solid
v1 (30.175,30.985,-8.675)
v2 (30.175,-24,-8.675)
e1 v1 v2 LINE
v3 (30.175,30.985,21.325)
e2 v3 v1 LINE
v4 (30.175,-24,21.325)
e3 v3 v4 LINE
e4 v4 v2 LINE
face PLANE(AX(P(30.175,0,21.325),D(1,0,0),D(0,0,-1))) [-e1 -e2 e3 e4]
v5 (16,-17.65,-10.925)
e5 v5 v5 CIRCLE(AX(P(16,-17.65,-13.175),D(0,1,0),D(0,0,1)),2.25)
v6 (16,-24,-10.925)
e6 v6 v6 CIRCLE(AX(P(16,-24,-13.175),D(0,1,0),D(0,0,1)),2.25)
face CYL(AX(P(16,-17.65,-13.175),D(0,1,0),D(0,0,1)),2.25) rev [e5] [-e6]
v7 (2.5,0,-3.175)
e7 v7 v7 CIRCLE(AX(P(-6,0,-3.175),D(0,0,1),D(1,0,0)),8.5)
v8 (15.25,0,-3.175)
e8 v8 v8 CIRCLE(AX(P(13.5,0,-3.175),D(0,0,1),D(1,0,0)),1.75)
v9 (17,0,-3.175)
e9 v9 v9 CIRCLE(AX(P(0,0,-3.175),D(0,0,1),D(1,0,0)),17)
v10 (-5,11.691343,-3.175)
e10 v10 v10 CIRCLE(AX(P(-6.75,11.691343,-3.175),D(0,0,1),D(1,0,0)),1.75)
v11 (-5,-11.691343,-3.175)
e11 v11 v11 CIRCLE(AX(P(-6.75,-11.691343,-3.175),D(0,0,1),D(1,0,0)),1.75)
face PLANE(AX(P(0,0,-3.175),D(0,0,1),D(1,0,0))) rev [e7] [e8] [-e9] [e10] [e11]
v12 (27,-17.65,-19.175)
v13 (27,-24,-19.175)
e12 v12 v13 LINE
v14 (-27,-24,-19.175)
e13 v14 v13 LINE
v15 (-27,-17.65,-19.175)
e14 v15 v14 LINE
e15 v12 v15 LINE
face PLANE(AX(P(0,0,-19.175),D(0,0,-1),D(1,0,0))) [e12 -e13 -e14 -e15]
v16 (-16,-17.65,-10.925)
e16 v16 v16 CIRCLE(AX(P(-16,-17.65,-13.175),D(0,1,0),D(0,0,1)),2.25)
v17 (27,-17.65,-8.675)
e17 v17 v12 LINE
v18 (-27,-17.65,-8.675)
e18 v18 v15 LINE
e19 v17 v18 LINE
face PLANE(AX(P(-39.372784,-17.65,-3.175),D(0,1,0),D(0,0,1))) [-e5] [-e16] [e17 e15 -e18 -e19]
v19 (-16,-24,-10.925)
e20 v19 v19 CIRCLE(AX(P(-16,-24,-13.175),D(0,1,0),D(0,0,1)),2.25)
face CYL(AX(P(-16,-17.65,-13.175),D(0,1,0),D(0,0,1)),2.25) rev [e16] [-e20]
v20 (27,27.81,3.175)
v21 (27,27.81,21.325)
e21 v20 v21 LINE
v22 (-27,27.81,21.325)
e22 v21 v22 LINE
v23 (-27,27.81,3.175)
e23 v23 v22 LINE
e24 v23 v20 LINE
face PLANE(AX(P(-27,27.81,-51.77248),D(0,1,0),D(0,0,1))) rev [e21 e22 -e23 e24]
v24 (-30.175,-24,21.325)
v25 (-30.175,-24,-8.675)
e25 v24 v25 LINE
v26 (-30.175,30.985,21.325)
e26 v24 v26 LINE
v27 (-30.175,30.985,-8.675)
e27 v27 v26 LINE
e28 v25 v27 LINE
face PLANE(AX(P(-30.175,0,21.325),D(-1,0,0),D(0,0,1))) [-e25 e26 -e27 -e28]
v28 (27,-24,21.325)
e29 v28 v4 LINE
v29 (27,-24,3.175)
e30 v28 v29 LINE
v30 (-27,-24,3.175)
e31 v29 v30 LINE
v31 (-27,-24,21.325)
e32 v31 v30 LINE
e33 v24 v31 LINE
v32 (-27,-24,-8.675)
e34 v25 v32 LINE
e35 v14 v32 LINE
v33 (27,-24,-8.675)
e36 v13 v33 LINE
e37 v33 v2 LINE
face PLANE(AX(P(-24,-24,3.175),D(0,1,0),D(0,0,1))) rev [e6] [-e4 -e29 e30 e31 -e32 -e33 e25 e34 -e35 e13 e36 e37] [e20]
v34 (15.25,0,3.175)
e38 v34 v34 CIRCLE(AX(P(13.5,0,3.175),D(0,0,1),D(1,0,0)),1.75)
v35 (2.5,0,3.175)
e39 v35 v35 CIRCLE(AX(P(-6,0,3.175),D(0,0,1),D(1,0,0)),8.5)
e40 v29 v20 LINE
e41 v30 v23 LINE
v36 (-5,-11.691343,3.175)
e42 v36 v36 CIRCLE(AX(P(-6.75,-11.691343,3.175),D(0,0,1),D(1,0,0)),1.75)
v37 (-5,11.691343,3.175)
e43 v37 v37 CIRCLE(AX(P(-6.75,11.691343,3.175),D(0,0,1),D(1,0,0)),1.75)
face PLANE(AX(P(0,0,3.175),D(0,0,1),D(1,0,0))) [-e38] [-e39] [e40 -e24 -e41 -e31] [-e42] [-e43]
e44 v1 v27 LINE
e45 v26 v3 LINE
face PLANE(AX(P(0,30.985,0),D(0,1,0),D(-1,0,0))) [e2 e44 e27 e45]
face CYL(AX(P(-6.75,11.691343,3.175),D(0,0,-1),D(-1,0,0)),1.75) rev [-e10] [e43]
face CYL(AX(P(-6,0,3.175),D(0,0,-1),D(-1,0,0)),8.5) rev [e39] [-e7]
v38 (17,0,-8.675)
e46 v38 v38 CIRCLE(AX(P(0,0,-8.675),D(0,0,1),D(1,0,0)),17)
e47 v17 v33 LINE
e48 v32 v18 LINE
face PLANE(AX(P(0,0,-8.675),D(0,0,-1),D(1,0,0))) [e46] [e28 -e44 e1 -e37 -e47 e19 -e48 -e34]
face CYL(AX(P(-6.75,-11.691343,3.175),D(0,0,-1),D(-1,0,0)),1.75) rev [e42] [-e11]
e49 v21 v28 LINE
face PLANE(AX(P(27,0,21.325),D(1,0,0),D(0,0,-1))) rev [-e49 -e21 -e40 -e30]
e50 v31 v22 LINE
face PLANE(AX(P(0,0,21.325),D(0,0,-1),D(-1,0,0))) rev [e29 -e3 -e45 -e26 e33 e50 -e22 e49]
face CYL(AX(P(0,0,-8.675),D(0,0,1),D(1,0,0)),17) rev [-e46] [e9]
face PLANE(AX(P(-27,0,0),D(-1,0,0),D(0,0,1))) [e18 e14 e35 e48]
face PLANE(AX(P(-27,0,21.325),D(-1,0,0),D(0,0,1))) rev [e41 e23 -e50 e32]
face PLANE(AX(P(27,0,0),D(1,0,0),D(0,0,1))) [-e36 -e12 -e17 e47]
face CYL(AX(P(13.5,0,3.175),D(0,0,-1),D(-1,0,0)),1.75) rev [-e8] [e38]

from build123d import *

# Parameters (mm, degrees)
SKETCH1_W            = 48
SKETCH1_H            = 48
SKETCH1_R            = 1.75
SKETCH1_R_2          = 8.5
BOSS_EXTRUDE2_DEPTH  = 3.175
SKETCH2_W            = 14
SKETCH2_H            = 6.35
BOSS_EXTRUDE3_DEPTH  = 48
SKETCH3_W            = 48
SKETCH3_H            = 48
SKETCH3_R            = 17
BOSS_EXTRUDE4_DEPTH  = 5.499999938
M4_CLEARANCE_HOLE1_D = 4.5
SKETCH7_W            = 48
SKETCH7_H            = 6.35
BOSS_EXTRUDE5_DEPTH  = 2
BOSS_EXTRUDE6_DEPTH  = 3
SKETCH12_W           = 54
SKETCH12_H           = 48
CUT_EXTRUDE4_DEPTH   = 16
SKETCH15_W           = 3.175
SKETCH15_H           = 41.65
SKETCH15_H_2         = 3.175
SKETCH15_W_2         = 54
BOSS_EXTRUDE8_DEPTH  = 30
SKETCH16_W           = 54
SKETCH16_H           = 3.175
CUT_EXTRUDE5_DEPTH   = 45.565155952
SKETCH17_W           = 60.35
SKETCH17_H           = 30
BOSS_EXTRUDE9_DEPTH  = 10.16
SKETCH18_W           = 54
SKETCH18_H           = 10.16
CUT_EXTRUDE6_DEPTH   = 18.150000062


with BuildPart() as part:
    # Sketch1 → Boss-Extrude2 (new, symmetric)
    with BuildSketch(Plane.XY):
        Rectangle(SKETCH1_W, SKETCH1_H)
        with Locations((13.5, 0)):
            Circle(SKETCH1_R, mode=Mode.SUBTRACT)
        with Locations((-6.75, 11.691342951)):
            Circle(SKETCH1_R, mode=Mode.SUBTRACT)
        with Locations((-6.75, -11.691342951)):
            Circle(SKETCH1_R, mode=Mode.SUBTRACT)
        with Locations((-6, 0)):
            Circle(SKETCH1_R_2, mode=Mode.SUBTRACT)
    extrude(amount=BOSS_EXTRUDE2_DEPTH, both=True)

    # Sketch2 → Boss-Extrude3 (add)
    with BuildSketch(Plane(origin=(24, 0, 0), x_dir=(0, 0, -1), z_dir=(1, 0, 0))):
        with Locations((10.175, -20.825)):
            Rectangle(SKETCH2_W, SKETCH2_H)
    boss_extrude3 = extrude(amount=-BOSS_EXTRUDE3_DEPTH)

    # Sketch3 → Boss-Extrude4 (add)
    with BuildSketch(Plane.XY.offset(3.175)):
        Rectangle(SKETCH3_W, SKETCH3_H)
        Circle(SKETCH3_R, mode=Mode.SUBTRACT)
    boss_extrude4 = extrude(amount=BOSS_EXTRUDE4_DEPTH)

    # Mirror1: Boss-Extrude3, Boss-Extrude4 across plane
    add(boss_extrude3.mirror(Plane.XY))
    add(boss_extrude4.mirror(Plane.XY))

    # M4 Clearance Hole1 (through all)
    with Locations(Plane(origin=(0, -17.65, 0), x_dir=(1, 0, 0), z_dir=(0, 1, 0))):
        with Locations((-16, -13.175), (16, -13.175), (16, 13.175), (-16, 13.175)):
            Hole(M4_CLEARANCE_HOLE1_D / 2)

    # Sketch7 → Boss-Extrude5 (add)
    with BuildSketch(Plane.XY.offset(17.175)):
        with Locations((0, -20.825)):
            Rectangle(SKETCH7_W, SKETCH7_H)
    boss_extrude5 = extrude(amount=BOSS_EXTRUDE5_DEPTH)

    # Mirror2: Boss-Extrude5 across plane
    add(boss_extrude5.mirror(Plane.XY))

    # Sketch8 → Boss-Extrude6 (add)
    with BuildSketch(Plane.ZY.offset(24)):
        Polygon((-19.175, -17.65), (-19.175, -24), (19.175, -24), (19.175, -17.65), (8.674999938, -17.65), (8.674999938, 24), (-8.674999938, 24), (-8.674999938, -17.65), align=None)
    boss_extrude6 = extrude(amount=BOSS_EXTRUDE6_DEPTH)

    # Mirror3: Boss-Extrude6 across plane
    add(boss_extrude6.mirror(Plane(origin=(0, 0, 0), x_dir=(0, 0, 1), z_dir=(1, 0, 0))))

    # Sketch12 → Cut-Extrude4 (cut)
    with BuildSketch(Plane.XY.offset(19.175)):
        Rectangle(SKETCH12_W, SKETCH12_H)
    extrude(amount=-CUT_EXTRUDE4_DEPTH, mode=Mode.SUBTRACT)

    # Sketch15 → Boss-Extrude8 (add)
    with BuildSketch(Plane(origin=(0, 0, -8.674999938), x_dir=(-1, 0, 0), z_dir=(0, 0, -1))):
        Polygon((27, -24), (30.175, -24), (30.175, 17.65), (27, 17.65), (27, -17.65), align=None)
        with Locations((-28.5875, -3.175)):
            Rectangle(SKETCH15_W, SKETCH15_H)
        with Locations((-28.5875, 19.2375)):
            Rectangle(SKETCH15_W, SKETCH15_H_2)
        with Locations((0, 19.2375)):
            Rectangle(SKETCH15_W_2, SKETCH15_H_2)
        with Locations((28.5875, 19.2375)):
            Rectangle(SKETCH15_W, SKETCH15_H_2)
    extrude(amount=-BOSS_EXTRUDE8_DEPTH)

    # Sketch16 → Cut-Extrude5 (cut, through all)
    with BuildSketch(Plane.XY.offset(3.175)):
        with Locations((0, 22.4125)):
            Rectangle(SKETCH16_W, SKETCH16_H)
    extrude(amount=-CUT_EXTRUDE5_DEPTH, mode=Mode.SUBTRACT)

    # Sketch17 → Boss-Extrude9 (add)
    with BuildSketch(Plane(origin=(0, 20.825, 0), x_dir=(1, 0, 0), z_dir=(0, 1, 0))):
        with Locations((0, -6.325000062)):
            Rectangle(SKETCH17_W, SKETCH17_H)
    extrude(amount=BOSS_EXTRUDE9_DEPTH)

    # Sketch18 → Cut-Extrude6 (cut)
    with BuildSketch(Plane.XY.offset(21.325000062)):
        with Locations((0, 22.73)):
            Rectangle(SKETCH18_W, SKETCH18_H)
    extrude(amount=-CUT_EXTRUDE6_DEPTH, mode=Mode.SUBTRACT)


solid = part.part
